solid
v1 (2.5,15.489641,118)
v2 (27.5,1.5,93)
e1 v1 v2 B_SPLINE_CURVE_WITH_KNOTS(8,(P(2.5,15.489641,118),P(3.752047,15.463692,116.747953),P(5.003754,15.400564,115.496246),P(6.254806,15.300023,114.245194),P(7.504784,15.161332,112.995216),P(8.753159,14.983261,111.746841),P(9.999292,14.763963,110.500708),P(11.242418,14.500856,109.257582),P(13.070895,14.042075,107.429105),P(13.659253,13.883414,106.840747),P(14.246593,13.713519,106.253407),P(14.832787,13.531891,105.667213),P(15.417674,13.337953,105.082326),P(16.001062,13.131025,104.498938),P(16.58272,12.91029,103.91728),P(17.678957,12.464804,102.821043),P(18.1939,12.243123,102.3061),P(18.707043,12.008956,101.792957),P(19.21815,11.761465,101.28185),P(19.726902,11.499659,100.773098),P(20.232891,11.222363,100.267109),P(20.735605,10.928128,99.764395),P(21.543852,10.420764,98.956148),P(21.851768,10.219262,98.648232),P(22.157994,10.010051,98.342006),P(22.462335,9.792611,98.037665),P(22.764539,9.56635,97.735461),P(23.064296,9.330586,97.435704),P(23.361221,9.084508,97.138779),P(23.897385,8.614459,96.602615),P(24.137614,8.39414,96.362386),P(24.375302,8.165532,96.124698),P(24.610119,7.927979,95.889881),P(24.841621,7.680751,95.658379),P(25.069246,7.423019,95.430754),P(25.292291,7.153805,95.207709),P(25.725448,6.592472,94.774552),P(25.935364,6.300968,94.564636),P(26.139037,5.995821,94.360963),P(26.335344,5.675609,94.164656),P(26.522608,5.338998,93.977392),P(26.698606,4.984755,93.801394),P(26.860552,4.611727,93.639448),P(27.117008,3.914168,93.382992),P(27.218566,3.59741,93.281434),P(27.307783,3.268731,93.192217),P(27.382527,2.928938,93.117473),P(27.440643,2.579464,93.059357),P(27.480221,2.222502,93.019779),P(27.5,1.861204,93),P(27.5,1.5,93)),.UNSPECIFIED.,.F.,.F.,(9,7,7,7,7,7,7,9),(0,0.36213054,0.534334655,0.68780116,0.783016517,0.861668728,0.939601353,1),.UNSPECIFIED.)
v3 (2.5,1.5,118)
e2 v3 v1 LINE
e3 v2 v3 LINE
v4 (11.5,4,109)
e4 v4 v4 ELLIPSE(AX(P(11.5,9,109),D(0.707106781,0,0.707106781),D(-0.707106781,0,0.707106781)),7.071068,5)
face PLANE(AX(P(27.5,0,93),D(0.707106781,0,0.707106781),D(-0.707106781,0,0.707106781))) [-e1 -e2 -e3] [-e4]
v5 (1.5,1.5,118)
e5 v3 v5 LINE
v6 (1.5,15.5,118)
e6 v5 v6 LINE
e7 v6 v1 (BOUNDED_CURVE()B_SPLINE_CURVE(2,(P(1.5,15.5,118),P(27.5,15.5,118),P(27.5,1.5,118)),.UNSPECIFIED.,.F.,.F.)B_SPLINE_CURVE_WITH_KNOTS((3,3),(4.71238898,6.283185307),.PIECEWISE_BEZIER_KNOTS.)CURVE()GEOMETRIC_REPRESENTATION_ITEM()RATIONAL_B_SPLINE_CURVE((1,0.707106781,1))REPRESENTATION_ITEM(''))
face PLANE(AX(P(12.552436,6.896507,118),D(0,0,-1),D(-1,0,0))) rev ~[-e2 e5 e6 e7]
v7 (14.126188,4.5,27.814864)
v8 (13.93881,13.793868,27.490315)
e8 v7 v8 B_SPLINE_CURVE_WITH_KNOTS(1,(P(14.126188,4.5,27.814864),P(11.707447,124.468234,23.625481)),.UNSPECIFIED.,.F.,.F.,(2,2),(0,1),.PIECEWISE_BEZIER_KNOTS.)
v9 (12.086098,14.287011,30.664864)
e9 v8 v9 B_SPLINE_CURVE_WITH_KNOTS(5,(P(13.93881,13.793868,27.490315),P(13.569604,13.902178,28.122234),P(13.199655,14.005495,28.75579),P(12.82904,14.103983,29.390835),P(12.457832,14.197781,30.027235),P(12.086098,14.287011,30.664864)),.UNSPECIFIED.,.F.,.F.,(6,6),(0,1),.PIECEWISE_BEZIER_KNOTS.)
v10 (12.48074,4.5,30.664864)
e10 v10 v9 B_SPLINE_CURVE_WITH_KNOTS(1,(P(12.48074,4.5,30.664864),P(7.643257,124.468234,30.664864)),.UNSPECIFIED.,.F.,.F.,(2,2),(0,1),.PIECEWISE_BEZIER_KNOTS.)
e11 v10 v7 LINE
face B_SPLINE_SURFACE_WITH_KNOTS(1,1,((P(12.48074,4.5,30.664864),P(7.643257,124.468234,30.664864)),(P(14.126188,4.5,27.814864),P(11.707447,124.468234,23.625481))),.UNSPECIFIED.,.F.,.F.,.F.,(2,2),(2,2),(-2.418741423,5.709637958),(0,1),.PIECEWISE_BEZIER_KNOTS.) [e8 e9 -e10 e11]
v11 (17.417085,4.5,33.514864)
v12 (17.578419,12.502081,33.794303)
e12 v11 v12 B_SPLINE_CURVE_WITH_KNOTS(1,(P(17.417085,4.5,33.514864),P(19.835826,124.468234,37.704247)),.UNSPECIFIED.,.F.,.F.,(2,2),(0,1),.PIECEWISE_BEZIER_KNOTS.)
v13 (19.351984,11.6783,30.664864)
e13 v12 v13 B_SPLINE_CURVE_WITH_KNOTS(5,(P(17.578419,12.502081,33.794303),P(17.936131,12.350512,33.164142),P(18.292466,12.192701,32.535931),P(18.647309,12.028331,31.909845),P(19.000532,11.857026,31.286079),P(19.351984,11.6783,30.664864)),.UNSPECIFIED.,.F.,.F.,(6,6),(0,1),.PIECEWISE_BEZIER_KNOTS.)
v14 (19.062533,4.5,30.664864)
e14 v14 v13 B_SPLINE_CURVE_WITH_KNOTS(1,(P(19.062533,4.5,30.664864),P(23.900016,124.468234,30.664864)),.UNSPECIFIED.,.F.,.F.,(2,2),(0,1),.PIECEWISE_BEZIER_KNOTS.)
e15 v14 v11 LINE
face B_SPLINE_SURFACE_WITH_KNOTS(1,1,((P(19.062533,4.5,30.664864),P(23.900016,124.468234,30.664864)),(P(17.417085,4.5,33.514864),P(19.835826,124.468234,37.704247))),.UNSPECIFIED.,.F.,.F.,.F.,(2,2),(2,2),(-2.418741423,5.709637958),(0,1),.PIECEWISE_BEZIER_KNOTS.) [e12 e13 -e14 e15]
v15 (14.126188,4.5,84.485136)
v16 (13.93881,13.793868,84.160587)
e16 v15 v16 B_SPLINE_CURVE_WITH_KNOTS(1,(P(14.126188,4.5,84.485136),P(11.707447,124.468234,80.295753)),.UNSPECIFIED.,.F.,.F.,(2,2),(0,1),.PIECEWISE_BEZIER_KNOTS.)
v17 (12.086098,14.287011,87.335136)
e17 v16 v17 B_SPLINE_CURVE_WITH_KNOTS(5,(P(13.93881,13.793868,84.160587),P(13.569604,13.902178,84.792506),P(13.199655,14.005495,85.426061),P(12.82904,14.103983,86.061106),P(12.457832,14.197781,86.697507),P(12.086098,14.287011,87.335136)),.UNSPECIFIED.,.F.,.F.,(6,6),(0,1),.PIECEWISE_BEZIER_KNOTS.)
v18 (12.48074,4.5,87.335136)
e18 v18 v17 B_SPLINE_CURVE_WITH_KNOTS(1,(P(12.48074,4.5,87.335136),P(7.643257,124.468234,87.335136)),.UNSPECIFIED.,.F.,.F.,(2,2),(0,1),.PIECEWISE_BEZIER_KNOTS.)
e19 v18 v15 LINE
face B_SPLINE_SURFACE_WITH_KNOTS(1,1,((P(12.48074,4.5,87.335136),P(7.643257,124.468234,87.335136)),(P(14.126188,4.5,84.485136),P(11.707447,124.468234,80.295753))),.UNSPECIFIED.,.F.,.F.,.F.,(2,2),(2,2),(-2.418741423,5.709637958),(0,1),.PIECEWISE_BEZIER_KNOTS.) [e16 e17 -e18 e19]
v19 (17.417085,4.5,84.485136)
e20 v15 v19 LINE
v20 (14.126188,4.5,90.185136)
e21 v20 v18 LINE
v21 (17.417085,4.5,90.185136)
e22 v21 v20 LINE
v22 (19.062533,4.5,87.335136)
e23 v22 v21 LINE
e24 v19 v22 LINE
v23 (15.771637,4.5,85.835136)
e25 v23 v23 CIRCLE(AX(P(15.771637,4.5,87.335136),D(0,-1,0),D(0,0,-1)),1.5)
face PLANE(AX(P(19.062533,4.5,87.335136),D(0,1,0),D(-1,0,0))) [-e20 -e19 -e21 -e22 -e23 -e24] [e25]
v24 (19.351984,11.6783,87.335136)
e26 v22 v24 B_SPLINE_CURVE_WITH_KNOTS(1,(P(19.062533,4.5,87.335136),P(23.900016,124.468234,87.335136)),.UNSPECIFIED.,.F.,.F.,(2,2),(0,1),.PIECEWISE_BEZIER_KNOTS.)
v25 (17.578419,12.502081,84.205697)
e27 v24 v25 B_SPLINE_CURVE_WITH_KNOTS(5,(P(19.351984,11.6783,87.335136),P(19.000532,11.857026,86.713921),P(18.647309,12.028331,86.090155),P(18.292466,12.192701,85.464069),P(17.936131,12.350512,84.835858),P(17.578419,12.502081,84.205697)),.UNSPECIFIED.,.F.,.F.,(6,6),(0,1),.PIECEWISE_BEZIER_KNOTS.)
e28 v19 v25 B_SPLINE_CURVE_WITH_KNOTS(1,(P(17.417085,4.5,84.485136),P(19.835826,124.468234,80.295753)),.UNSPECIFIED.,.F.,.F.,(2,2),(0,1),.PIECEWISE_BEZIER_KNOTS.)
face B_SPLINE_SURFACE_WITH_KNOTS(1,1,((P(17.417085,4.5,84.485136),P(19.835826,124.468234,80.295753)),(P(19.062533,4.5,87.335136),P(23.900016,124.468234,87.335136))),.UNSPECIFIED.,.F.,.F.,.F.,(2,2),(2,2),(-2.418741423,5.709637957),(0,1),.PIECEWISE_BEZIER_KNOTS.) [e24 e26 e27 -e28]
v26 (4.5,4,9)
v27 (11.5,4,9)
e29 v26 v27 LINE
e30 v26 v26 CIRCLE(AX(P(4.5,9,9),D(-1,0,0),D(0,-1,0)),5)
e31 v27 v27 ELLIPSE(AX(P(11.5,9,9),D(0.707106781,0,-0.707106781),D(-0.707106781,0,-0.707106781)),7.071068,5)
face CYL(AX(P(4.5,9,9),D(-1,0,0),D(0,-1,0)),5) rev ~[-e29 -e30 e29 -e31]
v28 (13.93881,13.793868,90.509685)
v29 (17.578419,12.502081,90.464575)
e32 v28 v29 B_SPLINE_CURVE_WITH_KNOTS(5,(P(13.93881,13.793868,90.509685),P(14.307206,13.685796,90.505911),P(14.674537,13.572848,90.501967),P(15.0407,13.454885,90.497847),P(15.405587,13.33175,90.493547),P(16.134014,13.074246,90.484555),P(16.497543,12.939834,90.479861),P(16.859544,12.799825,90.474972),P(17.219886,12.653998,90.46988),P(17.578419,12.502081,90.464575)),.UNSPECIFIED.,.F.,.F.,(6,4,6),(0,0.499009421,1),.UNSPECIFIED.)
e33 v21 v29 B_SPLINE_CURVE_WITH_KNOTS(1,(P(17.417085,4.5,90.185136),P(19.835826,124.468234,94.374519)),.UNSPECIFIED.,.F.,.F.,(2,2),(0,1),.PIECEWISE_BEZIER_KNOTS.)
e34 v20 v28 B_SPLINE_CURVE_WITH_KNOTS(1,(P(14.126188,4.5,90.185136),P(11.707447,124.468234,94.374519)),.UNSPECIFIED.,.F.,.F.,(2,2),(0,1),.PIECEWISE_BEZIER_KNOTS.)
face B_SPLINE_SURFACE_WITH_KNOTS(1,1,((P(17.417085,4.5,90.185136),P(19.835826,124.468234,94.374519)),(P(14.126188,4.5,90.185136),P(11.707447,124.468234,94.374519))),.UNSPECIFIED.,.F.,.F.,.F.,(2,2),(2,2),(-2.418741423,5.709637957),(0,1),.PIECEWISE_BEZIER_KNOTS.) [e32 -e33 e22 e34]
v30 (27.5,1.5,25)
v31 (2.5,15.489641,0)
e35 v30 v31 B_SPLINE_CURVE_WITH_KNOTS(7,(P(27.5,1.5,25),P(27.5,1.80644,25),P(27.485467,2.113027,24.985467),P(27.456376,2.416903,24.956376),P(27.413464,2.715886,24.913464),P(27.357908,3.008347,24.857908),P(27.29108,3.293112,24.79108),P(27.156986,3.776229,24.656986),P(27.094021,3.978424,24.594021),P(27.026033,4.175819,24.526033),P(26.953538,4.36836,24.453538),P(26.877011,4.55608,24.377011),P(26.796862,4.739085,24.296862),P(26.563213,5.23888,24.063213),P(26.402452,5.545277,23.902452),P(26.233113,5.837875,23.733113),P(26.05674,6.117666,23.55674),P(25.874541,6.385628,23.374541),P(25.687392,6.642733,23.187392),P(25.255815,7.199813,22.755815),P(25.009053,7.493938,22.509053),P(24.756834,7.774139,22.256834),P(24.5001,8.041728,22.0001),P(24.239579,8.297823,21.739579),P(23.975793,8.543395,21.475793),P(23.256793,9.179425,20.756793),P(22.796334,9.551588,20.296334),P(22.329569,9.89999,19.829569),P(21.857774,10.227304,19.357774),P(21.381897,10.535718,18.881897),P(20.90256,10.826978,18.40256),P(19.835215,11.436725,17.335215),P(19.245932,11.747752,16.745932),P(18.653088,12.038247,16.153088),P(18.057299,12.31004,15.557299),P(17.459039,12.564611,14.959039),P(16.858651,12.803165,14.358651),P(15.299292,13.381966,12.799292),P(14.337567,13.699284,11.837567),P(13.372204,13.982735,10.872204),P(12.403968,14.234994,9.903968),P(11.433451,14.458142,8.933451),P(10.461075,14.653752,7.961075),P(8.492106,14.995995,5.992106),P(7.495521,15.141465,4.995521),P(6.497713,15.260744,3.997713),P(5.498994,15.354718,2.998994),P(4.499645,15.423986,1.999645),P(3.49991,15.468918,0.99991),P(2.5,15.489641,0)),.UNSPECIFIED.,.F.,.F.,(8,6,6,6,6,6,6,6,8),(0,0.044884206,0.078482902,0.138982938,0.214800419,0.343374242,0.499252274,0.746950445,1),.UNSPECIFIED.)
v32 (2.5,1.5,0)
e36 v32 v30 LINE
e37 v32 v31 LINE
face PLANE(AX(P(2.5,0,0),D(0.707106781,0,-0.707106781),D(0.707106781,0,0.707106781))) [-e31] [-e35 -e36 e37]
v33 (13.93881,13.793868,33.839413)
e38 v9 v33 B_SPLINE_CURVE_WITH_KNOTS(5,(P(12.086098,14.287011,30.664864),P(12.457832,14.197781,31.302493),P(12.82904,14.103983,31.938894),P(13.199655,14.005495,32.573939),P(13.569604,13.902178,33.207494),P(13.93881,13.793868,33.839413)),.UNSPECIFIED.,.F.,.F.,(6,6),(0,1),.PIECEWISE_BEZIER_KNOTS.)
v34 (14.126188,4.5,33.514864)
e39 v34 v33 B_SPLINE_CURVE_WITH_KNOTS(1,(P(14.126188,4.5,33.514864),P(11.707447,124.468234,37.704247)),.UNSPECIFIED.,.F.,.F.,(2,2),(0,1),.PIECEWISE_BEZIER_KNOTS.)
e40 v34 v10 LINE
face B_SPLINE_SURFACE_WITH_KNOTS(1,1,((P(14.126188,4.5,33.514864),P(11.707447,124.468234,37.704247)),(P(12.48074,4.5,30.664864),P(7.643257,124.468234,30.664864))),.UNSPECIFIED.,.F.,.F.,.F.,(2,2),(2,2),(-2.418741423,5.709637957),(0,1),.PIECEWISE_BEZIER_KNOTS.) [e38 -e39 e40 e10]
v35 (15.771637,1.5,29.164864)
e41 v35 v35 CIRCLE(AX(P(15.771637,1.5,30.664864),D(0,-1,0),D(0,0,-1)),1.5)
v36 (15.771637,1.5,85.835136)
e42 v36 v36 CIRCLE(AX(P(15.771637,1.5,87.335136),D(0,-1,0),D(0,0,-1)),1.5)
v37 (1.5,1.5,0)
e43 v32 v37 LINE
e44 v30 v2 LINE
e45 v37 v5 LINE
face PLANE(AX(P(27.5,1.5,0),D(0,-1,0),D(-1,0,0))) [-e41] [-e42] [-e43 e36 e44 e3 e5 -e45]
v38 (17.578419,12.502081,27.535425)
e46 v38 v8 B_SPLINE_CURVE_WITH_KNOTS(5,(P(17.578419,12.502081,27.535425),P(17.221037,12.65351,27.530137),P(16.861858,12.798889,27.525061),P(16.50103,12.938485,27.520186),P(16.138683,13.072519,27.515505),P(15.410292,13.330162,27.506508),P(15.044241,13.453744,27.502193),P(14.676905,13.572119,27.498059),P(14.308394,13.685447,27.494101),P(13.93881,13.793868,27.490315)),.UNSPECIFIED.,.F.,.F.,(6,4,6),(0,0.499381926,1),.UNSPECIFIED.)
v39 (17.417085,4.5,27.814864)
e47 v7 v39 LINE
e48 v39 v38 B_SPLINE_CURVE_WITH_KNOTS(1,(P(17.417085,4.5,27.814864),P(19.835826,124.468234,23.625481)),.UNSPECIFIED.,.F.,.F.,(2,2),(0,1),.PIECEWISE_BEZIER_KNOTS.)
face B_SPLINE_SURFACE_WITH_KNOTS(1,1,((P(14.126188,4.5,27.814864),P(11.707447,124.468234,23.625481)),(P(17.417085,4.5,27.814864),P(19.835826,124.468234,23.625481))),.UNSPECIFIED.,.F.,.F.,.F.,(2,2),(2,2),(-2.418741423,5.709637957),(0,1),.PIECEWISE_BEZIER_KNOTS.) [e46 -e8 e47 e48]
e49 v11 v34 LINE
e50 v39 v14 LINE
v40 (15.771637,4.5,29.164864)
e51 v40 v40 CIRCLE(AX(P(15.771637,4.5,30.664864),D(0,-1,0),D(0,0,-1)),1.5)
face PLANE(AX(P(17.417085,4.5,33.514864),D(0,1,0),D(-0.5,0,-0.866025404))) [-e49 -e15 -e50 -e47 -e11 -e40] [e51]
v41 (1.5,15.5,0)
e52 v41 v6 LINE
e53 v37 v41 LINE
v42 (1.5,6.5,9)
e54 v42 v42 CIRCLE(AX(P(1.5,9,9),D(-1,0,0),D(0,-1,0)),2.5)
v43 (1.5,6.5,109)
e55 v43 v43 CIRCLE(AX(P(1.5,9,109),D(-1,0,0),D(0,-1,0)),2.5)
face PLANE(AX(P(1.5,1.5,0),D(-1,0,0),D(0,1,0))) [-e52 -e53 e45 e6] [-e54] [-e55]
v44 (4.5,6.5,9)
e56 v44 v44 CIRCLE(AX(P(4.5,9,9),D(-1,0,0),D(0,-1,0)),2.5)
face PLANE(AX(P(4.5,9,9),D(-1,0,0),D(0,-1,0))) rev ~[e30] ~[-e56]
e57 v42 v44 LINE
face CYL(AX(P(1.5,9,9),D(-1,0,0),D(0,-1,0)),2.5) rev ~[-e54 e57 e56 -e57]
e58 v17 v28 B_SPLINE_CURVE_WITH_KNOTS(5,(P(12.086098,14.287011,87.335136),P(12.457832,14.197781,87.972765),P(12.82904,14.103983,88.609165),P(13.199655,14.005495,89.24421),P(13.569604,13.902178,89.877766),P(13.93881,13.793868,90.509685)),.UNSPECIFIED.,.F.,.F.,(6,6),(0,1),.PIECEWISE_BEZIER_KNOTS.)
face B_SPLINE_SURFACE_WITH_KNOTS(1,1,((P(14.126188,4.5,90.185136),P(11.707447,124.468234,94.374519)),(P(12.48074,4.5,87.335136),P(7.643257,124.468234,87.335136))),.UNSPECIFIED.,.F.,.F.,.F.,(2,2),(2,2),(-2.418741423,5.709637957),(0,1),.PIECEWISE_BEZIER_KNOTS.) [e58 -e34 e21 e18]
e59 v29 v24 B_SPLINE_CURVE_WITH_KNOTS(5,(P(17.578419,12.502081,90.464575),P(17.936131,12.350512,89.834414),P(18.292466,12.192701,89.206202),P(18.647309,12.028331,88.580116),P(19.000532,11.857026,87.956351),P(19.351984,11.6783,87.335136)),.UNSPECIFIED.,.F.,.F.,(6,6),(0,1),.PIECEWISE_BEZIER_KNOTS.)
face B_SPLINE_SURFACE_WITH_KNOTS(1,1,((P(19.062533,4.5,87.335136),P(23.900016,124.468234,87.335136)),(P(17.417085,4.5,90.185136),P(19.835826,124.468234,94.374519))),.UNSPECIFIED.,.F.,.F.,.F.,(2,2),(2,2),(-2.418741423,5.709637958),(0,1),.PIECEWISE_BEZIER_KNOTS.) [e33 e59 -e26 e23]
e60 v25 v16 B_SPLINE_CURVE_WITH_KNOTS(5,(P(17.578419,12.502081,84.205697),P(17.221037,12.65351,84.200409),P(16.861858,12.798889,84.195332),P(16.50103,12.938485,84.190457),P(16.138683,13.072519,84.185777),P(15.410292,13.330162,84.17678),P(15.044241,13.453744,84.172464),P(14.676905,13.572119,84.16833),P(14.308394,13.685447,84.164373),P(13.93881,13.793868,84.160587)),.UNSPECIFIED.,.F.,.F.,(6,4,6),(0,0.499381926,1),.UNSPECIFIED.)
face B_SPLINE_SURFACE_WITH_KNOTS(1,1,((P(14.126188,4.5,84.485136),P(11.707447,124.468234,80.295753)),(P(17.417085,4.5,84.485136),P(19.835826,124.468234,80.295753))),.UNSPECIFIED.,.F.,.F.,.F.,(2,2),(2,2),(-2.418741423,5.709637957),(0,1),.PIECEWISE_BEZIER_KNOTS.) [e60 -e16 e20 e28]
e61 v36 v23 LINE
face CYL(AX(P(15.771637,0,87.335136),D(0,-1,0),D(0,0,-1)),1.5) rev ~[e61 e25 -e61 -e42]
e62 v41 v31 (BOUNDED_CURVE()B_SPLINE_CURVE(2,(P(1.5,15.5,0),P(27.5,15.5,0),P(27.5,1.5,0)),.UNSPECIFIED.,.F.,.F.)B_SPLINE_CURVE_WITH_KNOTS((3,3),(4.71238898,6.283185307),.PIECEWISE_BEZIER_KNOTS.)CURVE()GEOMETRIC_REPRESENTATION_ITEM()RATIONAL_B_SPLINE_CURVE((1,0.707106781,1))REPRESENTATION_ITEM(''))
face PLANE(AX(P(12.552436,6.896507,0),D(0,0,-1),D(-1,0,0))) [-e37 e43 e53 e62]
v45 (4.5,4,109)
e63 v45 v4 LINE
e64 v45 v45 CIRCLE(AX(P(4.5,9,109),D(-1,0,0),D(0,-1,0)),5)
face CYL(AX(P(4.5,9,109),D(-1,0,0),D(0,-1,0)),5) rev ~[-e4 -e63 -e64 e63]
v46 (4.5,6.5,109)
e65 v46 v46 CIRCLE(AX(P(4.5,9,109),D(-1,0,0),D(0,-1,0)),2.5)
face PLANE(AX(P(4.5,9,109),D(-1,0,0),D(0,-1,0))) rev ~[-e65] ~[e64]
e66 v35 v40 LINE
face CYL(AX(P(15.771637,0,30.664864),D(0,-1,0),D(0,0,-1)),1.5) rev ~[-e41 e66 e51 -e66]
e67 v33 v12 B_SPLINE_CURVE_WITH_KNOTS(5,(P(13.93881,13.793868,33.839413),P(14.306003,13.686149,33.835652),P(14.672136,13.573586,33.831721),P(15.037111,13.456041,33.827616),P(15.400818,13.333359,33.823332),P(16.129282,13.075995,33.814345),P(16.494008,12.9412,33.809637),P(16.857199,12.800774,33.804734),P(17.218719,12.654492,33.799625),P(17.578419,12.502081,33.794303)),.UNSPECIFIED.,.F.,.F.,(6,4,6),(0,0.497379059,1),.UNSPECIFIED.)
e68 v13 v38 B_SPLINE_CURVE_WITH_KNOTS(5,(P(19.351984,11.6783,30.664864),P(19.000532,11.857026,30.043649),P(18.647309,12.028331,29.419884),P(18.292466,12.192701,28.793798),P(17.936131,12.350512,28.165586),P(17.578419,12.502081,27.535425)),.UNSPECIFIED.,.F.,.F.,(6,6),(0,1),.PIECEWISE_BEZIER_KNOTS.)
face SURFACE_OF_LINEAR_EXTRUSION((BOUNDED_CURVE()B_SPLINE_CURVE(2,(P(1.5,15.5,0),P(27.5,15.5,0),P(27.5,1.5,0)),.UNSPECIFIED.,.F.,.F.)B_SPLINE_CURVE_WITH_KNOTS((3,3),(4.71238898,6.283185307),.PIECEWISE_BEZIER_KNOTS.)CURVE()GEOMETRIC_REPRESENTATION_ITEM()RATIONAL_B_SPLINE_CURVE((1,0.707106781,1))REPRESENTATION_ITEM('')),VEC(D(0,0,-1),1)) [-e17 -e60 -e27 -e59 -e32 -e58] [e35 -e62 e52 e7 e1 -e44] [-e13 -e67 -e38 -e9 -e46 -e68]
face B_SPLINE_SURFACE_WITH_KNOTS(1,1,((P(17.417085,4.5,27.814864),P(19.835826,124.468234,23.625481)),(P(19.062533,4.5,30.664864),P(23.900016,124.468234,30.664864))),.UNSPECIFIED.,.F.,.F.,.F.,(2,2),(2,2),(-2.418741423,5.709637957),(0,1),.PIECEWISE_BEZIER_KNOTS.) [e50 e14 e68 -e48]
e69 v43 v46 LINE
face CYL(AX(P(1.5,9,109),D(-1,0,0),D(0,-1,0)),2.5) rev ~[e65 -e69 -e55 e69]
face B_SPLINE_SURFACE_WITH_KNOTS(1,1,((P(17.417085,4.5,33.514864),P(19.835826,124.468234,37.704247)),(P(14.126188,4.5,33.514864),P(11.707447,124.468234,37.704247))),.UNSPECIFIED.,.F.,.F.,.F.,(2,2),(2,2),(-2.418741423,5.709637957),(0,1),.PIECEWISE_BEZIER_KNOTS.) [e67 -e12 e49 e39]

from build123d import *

# Parameters (mm, degrees)
EXTRU_MINCE1_DEPTH      = 118
ESQUISSE2_R             = 2.5
ENL_V_MAT_EXTRU_1_DEPTH = 4
ESQUISSE3_R             = 1.5
ENL_V_MAT_EXTRU_2_DEPTH = 4
CHANFREIN1_SIZE         = 25
BOSS_EXTRU_1_DEPTH      = 118
ESQUISSE5_R             = 2.5
ENL_V_MAT_EXTRU_3_DEPTH = 122.820564897
ESQUISSE6_R             = 1.5
ENL_V_MAT_EXTRU_4_DEPTH = 123.149498698
ENL_V_START             = -3
ESQUISSE8_R             = 5
ENL_V_MAT_EXTRU_5_DEPTH = 119.820564897
ENL_V_MAT_EXTRU_6_DEPTH = 119.9682337
ENL_V_MAT_EXTRU_6_TAPER = -2


with BuildPart() as part:
    # Esquisse1 → Extru.-Mince1 (new body)
    with BuildSketch(Plane.XY):
        Polygon((0, 15.5), (0, 0), (27.5, 0), (27.5, 1.5), (1.5, 1.5), (1.5, 15.5), align=None)
    extrude(amount=EXTRU_MINCE1_DEPTH)

    # Esquisse2 → Enlèv. mat.-Extru.1 (cut)
    with BuildSketch(Plane.ZY):
        with Locations(Location((9, 9, 0), (0, 0, 270))):
            Circle(ESQUISSE2_R)
        with Locations(Location((109, 9, 0), (0, 0, 90))):
            Circle(ESQUISSE2_R)
    extrude(amount=-ENL_V_MAT_EXTRU_1_DEPTH, mode=Mode.SUBTRACT)

    # Esquisse3 → Enlèv. mat.-Extru.2 (cut)
    with BuildSketch(Plane.XZ):
        with Locations(Location((15.771636742, 30.664864187, 0), (0, 0, 270))):
            Circle(ESQUISSE3_R)
        with Locations(Location((15.771636742, 87.335135813, 0), (0, 0, 90))):
            Circle(ESQUISSE3_R)
    extrude(amount=-ENL_V_MAT_EXTRU_2_DEPTH, mode=Mode.SUBTRACT)

    # Chanfrein1
    chanfrein1_edges = [part.edges().sort_by_distance(p)[0] for p in [
        (27.5, 0.75, 0),
        (27.5, 0.75, 118),
    ]]
    chamfer(chanfrein1_edges, length=CHANFREIN1_SIZE)


with BuildPart() as body_2:
    # Esquisse4 → Boss.-Extru.1 (new body)
    with BuildSketch(Plane(origin=(0, 0, 0), x_dir=(-1, 0, 0), z_dir=(0, 0, -1))):
        with BuildLine():
            Line((-27.5, 1.5), (-1.5, 1.5))
            Line((-1.5, 1.5), (-1.5, 15.5))
            add(Edge.make_bspline(
                [(-1.5, 15.5), (-27.5, 15.5), (-27.5, 1.5)],
                knots=[4.71238898, 4.71238898, 4.71238898, 6.283185307, 6.283185307, 6.283185307], degree=2, weights=[1, 0.707106781, 1]))
        make_face()
    extrude(amount=-BOSS_EXTRU_1_DEPTH)

    # Esquisse5 → Enlèv. mat.-Extru.3 (cut, through all)
    with BuildSketch(Plane.ZY.offset(-1.5)):
        with Locations(Location((109, 9, 0), (0, 0, 270))):
            Circle(ESQUISSE5_R)
        with Locations(Location((9, 9, 0), (0, 0, 270))):
            Circle(ESQUISSE5_R)
    extrude(amount=-ENL_V_MAT_EXTRU_3_DEPTH, mode=Mode.SUBTRACT)

    # Esquisse6 → Enlèv. mat.-Extru.4 (cut, through all)
    with BuildSketch(Plane.XZ):
        with Locations(Location((15.771636742, 87.335135813, 0), (0, 0, 270))):
            Circle(ESQUISSE6_R)
        with Locations(Location((15.771636742, 30.664864187, 0), (0, 0, 270))):
            Circle(ESQUISSE6_R)
        Polygon((27.5, 93), (2.5, 118), (27.5, 118), align=None)
        Polygon((2.5, 0), (27.5, 25), (27.5, 0), align=None)
    extrude(amount=-ENL_V_MAT_EXTRU_4_DEPTH, mode=Mode.SUBTRACT)

    # Esquisse8 → Enlèv. mat.-Extru.5 (cut, through all)
    with BuildSketch(Plane.ZY.offset(-1.5).offset(ENL_V_START)):
        with Locations(Location((9, 9, 0), (0, 0, 270))):
            Circle(ESQUISSE8_R)
        with Locations(Location((109, 9, 0), (0, 0, 270))):
            Circle(ESQUISSE8_R)
    extrude(amount=-ENL_V_MAT_EXTRU_5_DEPTH, mode=Mode.SUBTRACT)

    # Esquisse9 → Enlèv. mat.-Extru.6 (cut, through all)
    with BuildSketch(Plane.XZ.offset(-1.5).offset(ENL_V_START)):
        Polygon((19.062533276, 87.335135813), (17.417085009, 90.185135813), (14.126188475, 90.185135813), (12.480740208, 87.335135813), (14.126188475, 84.485135813), (17.417085009, 84.485135813), align=None)
        Polygon((17.417085009, 33.514864187), (14.126188475, 33.514864187), (12.480740208, 30.664864187), (14.126188475, 27.814864187), (17.417085009, 27.814864187), (19.062533276, 30.664864187), align=None)
    extrude(amount=-ENL_V_MAT_EXTRU_6_DEPTH, taper=ENL_V_MAT_EXTRU_6_TAPER, mode=Mode.SUBTRACT)


solid = body_2.part
